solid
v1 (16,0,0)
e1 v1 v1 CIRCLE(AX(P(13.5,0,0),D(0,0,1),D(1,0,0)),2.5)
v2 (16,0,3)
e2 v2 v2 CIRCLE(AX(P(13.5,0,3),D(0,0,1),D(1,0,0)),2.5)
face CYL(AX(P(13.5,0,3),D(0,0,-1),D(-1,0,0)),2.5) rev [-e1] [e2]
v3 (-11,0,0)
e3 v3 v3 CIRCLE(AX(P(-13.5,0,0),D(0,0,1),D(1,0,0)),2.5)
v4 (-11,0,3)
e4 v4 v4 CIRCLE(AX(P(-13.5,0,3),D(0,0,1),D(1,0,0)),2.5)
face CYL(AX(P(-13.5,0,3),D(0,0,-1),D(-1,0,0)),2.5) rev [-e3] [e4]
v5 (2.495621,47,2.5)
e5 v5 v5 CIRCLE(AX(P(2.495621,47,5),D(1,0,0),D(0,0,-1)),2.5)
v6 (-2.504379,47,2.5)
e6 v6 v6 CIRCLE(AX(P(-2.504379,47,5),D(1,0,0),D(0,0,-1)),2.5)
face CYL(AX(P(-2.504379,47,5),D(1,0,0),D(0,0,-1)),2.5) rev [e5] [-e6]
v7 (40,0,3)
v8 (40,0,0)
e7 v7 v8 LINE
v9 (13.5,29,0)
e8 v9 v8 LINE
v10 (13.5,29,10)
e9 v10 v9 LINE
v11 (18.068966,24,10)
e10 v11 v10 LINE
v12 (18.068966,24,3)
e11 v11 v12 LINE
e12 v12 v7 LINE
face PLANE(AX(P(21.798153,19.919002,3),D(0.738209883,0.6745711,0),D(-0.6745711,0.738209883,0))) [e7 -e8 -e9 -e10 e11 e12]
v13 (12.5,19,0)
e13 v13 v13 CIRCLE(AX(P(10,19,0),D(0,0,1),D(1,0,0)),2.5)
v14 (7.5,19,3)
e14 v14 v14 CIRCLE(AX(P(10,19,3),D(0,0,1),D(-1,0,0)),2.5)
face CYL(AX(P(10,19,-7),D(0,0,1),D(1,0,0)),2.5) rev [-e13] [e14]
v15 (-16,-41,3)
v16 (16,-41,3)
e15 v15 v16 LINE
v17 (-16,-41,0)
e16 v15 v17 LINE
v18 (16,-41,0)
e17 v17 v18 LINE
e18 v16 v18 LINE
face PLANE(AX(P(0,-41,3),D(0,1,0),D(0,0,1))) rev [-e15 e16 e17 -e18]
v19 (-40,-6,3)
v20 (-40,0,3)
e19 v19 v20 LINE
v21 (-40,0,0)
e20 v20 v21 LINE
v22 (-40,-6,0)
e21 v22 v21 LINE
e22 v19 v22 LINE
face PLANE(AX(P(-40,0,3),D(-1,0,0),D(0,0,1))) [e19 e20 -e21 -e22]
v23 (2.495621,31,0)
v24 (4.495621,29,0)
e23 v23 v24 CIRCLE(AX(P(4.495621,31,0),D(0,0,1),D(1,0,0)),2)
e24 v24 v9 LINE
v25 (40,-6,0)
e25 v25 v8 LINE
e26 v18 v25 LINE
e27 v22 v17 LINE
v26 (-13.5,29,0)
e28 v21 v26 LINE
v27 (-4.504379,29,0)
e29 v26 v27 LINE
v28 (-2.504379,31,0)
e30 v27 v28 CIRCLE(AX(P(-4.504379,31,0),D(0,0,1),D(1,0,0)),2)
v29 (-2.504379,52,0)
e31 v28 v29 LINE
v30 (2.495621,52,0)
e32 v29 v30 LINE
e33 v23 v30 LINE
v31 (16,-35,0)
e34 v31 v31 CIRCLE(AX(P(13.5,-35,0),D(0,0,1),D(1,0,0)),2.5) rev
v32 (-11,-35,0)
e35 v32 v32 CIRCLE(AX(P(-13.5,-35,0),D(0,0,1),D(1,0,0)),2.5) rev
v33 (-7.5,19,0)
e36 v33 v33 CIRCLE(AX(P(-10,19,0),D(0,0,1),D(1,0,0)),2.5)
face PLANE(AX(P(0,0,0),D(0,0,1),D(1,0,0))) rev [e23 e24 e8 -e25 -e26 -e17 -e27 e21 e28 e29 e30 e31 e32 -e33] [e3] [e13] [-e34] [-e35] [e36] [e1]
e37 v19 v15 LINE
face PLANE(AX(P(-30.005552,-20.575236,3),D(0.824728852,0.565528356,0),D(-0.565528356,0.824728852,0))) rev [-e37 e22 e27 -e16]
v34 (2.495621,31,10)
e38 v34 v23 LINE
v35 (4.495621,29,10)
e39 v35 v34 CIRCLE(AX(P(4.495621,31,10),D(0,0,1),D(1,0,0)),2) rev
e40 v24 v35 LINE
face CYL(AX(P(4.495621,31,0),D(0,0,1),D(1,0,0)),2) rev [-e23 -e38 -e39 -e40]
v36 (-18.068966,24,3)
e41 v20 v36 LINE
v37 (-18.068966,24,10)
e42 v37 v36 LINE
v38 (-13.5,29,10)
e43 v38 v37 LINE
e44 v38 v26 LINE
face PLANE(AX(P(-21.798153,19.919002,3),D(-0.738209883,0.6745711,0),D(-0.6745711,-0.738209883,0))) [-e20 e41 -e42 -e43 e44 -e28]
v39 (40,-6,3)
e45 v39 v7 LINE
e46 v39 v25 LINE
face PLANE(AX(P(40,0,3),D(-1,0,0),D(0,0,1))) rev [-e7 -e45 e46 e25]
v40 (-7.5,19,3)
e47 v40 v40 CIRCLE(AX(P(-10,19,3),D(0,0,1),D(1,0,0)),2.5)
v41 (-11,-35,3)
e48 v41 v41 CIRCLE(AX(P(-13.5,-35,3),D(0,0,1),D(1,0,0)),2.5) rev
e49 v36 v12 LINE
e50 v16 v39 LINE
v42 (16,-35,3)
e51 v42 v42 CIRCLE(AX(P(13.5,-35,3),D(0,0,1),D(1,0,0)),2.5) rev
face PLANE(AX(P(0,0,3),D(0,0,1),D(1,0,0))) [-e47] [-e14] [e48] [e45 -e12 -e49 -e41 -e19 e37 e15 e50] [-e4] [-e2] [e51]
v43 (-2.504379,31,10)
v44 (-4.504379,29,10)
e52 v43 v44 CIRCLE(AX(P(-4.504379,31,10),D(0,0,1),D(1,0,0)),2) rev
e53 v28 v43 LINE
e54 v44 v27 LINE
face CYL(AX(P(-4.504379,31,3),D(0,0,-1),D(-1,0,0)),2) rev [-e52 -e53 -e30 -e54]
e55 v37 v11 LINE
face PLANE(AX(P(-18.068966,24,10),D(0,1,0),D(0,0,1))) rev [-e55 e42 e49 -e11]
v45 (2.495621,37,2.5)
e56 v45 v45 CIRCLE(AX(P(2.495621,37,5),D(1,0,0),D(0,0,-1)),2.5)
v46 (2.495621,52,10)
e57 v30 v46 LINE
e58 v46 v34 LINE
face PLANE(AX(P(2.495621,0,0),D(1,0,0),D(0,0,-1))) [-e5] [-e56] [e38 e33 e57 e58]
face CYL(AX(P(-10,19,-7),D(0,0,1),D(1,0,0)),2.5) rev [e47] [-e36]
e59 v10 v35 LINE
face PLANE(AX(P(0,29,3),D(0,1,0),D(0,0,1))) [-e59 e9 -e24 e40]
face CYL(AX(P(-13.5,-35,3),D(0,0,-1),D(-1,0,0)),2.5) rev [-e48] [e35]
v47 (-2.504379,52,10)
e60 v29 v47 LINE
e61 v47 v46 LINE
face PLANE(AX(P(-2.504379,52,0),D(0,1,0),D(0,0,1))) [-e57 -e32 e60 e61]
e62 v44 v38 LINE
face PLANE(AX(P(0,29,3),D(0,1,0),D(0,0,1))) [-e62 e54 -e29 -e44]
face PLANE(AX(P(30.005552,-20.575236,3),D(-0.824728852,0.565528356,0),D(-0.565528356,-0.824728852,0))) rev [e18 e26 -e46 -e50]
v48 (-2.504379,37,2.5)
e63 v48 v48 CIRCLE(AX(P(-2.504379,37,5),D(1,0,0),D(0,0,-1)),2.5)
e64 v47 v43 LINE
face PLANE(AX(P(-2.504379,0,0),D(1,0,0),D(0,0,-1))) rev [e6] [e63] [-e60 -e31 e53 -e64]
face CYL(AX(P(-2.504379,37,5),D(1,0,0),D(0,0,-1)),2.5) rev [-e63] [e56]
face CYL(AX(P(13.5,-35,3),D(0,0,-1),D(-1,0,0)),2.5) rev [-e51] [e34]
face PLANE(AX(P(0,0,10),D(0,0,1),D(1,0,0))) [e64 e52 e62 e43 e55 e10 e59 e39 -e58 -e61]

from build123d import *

# Parameters (mm, degrees)
SKETCH2_R                = 2.5
BOSS_EXTRUDE1_DEPTH      = 3
BOSS_EXTRUDE2_DEPTH      = 7
BOSS_EXTRUDE4_DEPTH      = 2.8
BOSS_EXTRUDE4_DEPTH_BACK = 2.2
SKETCH7_W                = 10
SKETCH7_H                = 23
SKETCH7_R                = 2.5
SKETCH9_R                = 2.5
CUT_EXTRUDE1_DEPTH       = 10
FILLET5_R                = 2


with BuildPart() as part:
    # Sketch2 → Boss-Extrude1 (new body)
    with BuildSketch(Plane.XY):
        Polygon((16, -41), (40, -6), (40, 0), (13.5, 29), (-13.5, 29), (-40, 0), (-40, -6), (-16, -41), align=None)
        with Locations((-13.5, 0)):
            Circle(SKETCH2_R, mode=Mode.SUBTRACT)
        with Locations((13.5, 0)):
            Circle(SKETCH2_R, mode=Mode.SUBTRACT)
        with Locations((13.5, -35)):
            Circle(SKETCH2_R, mode=Mode.SUBTRACT)
        with Locations((-13.5, -35)):
            Circle(SKETCH2_R, mode=Mode.SUBTRACT)
    extrude(amount=BOSS_EXTRUDE1_DEPTH)

    # Sketch4 → Boss-Extrude2 (add)
    with BuildSketch(Plane.XY.offset(3)):
        Polygon((-13.5, 29), (-18.068965517, 24), (18.068965517, 24), (13.5, 29), align=None)
    extrude(amount=BOSS_EXTRUDE2_DEPTH)

    # Sketch7 → Boss-Extrude4 (add, two sides: drawn at the far end of the back side and taken through both)
    with BuildSketch(Plane(origin=(-0.30437935, -56.168103165, -48.676228962), x_dir=(0, 0, -1), z_dir=(1, 0, 0)).offset(-BOSS_EXTRUDE4_DEPTH_BACK)):
        with Locations((-53.676228962, 96.668103165)):
            Rectangle(SKETCH7_W, SKETCH7_H)
        with Locations((-53.676228962, 103.168103165)):
            Circle(SKETCH7_R, mode=Mode.SUBTRACT)
        with Locations((-53.676228962, 93.168103165)):
            Circle(SKETCH7_R, mode=Mode.SUBTRACT)
    extrude(amount=BOSS_EXTRUDE4_DEPTH + BOSS_EXTRUDE4_DEPTH_BACK)

    # Sketch9 → Cut-Extrude1 (cut)
    with BuildSketch(Plane.XY.offset(3)):
        with Locations((-10, 19)):
            Circle(SKETCH9_R)
        with Locations((10, 19)):
            Circle(SKETCH9_R)
    extrude(amount=-CUT_EXTRUDE1_DEPTH, mode=Mode.SUBTRACT)

    # Fillet5
    fillet5_edges = [part.edges().sort_by_distance(p)[0] for p in [
        (-2.50437935, 29, 5),
        (2.49562065, 29, 5),
    ]]
    fillet(fillet5_edges, radius=FILLET5_R)


solid = part.part
